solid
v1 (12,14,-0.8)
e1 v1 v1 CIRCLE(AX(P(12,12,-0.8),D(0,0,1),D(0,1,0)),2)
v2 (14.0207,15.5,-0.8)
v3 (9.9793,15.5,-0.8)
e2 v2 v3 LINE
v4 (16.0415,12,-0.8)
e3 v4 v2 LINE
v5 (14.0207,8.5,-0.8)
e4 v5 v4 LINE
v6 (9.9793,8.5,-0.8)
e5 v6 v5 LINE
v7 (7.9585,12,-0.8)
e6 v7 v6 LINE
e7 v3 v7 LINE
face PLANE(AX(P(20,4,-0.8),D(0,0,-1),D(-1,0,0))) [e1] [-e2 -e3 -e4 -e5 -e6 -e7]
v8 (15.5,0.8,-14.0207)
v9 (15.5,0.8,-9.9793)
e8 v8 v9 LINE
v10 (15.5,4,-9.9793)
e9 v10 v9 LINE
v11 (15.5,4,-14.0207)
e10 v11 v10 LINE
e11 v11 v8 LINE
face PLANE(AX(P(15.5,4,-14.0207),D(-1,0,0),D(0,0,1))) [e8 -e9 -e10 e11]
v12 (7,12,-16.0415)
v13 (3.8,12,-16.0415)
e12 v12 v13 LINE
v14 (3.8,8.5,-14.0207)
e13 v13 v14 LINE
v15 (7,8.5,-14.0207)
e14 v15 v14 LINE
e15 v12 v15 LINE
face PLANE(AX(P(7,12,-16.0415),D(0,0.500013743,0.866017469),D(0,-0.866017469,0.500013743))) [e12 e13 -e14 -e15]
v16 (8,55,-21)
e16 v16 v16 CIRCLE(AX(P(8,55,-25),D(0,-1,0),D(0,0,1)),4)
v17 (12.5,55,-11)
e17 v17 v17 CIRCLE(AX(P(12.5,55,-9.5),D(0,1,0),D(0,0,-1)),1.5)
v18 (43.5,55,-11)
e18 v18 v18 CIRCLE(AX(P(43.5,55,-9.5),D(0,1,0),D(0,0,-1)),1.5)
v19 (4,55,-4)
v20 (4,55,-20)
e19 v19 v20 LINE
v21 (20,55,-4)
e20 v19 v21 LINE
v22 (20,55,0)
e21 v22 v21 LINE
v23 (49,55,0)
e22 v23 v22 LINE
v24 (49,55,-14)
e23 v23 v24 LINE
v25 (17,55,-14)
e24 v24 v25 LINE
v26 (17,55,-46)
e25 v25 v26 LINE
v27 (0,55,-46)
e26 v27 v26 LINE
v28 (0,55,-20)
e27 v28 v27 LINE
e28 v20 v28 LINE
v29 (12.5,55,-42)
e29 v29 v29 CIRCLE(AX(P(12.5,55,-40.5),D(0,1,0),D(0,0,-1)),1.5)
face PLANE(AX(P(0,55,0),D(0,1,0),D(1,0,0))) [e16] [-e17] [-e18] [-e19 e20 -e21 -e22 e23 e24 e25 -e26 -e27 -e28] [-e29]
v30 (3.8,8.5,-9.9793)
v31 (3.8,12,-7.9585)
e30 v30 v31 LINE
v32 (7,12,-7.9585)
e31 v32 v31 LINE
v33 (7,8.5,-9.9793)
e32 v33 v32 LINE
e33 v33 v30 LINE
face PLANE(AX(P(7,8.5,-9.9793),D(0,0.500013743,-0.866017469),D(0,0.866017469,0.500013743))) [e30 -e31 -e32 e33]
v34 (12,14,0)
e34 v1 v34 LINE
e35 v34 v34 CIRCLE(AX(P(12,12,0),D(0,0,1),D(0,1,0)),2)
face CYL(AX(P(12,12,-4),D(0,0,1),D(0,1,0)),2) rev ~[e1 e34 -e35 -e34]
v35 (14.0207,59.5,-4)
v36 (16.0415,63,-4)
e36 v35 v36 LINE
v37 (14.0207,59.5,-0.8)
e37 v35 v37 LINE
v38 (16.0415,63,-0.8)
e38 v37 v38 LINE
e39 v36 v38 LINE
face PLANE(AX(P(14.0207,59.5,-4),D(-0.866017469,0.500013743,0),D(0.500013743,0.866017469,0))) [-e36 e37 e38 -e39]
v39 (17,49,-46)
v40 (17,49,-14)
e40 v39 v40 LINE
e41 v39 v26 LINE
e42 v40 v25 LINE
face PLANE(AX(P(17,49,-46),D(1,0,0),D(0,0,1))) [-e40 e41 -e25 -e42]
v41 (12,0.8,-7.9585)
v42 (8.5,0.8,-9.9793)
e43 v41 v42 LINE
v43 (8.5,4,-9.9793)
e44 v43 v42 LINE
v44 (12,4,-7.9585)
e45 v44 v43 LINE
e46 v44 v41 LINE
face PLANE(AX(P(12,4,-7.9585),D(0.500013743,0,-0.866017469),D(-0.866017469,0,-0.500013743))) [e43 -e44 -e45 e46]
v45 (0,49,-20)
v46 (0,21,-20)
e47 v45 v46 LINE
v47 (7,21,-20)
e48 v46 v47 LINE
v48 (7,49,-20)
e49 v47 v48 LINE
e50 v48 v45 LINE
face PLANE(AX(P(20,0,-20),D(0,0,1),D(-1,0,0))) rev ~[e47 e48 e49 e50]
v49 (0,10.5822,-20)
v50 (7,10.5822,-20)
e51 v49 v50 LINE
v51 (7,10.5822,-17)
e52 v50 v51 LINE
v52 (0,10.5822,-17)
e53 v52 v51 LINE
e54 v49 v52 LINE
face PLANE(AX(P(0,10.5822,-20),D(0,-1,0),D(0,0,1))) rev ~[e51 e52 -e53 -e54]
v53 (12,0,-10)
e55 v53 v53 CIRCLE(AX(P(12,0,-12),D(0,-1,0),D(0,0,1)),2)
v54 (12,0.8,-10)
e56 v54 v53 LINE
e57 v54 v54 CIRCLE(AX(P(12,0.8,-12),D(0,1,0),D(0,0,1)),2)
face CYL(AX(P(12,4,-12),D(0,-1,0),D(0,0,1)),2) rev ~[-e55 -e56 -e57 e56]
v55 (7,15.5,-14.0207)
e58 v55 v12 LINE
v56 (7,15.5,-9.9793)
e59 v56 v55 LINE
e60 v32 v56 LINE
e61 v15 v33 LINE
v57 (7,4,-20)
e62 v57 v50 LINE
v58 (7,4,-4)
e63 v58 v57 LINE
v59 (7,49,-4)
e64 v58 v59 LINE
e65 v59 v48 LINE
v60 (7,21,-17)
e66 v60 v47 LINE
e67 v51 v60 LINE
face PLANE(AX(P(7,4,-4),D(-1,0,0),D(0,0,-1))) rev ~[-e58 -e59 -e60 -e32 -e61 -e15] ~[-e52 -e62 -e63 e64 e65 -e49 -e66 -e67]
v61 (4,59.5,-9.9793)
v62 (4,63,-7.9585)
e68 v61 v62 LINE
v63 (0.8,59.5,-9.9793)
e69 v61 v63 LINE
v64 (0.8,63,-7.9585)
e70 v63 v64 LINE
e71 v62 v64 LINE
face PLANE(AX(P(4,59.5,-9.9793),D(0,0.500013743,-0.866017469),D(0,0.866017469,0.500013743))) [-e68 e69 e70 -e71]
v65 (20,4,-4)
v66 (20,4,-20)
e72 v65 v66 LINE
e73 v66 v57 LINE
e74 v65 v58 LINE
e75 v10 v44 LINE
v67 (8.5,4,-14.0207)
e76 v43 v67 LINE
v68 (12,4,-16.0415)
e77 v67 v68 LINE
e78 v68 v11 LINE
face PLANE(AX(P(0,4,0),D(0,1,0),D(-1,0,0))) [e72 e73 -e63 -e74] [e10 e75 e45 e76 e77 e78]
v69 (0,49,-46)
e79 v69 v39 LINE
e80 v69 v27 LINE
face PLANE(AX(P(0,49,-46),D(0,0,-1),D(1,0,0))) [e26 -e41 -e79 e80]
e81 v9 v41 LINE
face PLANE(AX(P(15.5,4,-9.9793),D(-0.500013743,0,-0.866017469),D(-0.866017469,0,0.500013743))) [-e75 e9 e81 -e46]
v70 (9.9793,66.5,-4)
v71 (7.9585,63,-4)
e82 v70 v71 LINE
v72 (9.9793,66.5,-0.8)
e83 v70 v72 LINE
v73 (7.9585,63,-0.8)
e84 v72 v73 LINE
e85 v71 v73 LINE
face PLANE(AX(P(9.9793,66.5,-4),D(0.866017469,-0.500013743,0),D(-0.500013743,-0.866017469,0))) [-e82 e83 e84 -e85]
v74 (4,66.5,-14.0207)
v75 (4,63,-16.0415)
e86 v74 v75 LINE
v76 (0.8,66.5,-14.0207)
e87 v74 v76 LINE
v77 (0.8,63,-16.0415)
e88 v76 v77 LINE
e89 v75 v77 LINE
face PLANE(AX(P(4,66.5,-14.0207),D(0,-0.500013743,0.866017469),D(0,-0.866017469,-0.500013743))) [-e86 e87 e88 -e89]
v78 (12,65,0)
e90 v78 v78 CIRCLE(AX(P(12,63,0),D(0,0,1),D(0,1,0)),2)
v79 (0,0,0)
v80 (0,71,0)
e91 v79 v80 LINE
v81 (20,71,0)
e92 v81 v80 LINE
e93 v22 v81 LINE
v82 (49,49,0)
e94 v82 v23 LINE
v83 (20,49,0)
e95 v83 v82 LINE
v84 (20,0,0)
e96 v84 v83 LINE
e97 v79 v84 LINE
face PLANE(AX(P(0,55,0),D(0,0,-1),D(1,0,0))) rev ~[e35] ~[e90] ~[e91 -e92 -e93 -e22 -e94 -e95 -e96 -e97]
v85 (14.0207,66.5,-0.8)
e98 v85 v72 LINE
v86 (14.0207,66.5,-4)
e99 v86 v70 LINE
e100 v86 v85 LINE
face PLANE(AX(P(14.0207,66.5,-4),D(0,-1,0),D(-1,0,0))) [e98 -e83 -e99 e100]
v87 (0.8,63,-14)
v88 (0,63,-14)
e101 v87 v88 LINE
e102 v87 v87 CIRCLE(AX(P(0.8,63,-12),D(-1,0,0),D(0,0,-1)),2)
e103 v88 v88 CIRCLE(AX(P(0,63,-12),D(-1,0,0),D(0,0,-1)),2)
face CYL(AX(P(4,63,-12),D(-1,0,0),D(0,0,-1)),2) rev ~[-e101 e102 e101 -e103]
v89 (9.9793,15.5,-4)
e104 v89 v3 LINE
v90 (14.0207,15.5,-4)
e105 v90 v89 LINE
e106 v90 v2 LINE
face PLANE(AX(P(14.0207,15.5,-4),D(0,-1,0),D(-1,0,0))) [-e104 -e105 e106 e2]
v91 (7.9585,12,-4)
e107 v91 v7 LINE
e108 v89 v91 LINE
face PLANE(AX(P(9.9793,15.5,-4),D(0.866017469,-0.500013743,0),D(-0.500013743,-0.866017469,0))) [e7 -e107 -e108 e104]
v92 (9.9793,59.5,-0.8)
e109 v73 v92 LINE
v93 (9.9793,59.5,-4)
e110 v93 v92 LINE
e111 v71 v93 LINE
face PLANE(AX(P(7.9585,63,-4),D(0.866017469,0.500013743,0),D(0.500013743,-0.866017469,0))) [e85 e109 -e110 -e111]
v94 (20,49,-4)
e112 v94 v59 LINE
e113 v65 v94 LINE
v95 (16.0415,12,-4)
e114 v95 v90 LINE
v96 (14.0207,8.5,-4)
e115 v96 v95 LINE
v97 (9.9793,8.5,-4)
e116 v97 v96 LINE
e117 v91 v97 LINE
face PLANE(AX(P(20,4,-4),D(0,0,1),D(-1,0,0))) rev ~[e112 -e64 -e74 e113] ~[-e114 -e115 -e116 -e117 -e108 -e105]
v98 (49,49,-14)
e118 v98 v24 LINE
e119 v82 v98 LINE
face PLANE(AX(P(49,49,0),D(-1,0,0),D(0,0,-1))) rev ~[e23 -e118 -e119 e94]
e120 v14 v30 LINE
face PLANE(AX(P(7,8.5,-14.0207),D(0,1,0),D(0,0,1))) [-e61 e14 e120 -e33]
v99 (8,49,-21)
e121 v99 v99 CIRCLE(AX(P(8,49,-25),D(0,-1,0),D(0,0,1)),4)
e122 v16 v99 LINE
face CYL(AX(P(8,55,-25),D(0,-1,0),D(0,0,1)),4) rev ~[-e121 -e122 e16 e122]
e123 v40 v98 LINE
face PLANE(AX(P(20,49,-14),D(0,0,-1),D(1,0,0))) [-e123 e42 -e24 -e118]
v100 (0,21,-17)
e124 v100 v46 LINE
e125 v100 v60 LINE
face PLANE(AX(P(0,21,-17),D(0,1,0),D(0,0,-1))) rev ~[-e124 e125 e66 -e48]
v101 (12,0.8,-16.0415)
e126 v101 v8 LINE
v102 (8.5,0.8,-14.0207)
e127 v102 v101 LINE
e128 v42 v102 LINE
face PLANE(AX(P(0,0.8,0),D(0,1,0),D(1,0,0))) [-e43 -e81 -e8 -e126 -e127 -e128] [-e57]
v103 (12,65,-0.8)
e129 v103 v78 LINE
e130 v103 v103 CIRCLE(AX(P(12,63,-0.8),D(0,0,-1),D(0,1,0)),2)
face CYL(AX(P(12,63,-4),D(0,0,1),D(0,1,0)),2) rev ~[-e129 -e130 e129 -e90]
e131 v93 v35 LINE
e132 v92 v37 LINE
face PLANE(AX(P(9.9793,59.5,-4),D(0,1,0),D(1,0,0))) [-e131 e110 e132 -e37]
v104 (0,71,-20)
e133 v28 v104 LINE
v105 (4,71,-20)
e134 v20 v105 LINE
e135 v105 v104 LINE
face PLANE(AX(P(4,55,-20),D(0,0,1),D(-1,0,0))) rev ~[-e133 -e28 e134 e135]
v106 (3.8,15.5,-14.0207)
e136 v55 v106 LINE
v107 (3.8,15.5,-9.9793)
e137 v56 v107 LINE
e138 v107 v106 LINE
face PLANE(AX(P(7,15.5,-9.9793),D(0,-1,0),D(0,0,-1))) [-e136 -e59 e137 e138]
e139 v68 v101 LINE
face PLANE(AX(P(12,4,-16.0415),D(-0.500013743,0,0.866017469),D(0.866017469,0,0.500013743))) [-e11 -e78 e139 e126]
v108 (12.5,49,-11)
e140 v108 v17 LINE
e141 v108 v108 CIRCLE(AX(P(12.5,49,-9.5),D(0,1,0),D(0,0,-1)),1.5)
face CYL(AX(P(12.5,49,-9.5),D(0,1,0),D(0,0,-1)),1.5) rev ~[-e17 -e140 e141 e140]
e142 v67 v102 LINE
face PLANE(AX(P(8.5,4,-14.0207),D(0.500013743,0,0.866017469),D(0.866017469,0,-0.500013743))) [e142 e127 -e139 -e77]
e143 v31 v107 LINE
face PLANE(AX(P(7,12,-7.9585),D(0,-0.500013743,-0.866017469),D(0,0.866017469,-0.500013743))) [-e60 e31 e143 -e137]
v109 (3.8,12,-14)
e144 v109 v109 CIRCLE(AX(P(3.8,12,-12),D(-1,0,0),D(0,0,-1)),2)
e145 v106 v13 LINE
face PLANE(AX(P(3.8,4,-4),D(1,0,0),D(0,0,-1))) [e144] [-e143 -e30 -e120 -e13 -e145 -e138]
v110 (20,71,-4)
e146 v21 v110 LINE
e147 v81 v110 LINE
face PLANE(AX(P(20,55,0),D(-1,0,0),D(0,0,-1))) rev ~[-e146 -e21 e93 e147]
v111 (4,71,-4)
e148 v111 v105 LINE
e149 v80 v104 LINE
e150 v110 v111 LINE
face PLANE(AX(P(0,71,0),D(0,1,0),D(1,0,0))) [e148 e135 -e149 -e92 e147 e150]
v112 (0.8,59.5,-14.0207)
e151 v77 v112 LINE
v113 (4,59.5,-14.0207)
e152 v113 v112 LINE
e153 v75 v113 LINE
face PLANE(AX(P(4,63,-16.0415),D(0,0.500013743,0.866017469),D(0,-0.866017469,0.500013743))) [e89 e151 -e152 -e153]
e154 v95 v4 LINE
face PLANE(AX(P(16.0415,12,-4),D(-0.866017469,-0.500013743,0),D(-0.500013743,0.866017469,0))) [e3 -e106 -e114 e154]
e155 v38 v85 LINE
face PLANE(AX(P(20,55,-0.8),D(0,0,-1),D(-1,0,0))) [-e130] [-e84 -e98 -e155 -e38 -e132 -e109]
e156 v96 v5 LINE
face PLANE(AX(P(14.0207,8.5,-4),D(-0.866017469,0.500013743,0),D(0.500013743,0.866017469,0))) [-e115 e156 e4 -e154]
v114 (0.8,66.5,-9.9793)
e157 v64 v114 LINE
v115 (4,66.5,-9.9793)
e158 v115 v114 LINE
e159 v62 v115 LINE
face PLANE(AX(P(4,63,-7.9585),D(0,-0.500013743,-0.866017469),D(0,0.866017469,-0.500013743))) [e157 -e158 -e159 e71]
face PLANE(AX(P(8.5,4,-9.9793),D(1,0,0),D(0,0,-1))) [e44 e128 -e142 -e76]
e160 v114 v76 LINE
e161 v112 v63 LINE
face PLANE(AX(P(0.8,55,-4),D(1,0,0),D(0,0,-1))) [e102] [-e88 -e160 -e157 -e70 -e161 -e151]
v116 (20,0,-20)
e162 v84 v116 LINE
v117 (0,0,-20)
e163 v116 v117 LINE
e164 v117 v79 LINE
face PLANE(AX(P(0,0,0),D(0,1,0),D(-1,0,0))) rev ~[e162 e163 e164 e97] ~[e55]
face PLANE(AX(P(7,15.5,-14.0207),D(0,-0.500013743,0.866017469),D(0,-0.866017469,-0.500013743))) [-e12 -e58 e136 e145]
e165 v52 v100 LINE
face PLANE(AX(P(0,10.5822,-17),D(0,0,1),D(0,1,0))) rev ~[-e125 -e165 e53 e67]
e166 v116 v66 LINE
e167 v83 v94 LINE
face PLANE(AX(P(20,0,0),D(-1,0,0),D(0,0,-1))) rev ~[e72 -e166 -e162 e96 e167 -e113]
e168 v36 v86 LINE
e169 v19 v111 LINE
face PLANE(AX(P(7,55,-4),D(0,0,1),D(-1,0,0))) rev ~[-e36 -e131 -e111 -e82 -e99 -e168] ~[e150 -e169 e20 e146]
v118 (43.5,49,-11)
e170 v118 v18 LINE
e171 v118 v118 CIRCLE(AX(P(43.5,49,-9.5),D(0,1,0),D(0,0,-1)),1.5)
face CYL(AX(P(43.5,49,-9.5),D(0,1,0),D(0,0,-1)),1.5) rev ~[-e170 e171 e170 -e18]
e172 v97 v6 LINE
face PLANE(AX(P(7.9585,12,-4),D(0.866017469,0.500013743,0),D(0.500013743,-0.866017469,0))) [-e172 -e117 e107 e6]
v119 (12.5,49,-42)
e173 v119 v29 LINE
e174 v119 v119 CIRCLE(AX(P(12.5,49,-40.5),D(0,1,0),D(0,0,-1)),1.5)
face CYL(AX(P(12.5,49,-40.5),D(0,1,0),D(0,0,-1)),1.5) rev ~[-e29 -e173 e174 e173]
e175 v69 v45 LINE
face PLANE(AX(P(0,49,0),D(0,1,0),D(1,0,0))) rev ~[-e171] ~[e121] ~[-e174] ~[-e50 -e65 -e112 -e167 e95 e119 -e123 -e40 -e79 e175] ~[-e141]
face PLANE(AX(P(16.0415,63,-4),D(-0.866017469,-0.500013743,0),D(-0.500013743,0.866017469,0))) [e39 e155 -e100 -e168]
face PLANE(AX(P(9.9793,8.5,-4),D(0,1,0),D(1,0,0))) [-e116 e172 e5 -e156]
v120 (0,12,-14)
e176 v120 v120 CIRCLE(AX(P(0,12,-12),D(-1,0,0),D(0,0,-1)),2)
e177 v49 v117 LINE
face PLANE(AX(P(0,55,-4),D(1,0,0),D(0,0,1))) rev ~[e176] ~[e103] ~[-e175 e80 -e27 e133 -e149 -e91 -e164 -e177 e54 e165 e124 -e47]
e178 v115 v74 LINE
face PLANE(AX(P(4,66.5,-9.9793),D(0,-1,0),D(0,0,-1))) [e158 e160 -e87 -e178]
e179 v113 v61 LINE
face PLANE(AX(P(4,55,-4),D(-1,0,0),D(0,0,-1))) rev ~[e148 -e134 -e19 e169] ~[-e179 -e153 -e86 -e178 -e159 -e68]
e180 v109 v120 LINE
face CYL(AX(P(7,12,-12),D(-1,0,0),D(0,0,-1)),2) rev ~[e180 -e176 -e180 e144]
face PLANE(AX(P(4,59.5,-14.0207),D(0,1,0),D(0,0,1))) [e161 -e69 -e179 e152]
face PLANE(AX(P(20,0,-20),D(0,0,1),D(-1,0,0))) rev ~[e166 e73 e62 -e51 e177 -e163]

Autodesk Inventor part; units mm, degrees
ref_plane "YZ Plane" through (0, 0, 0) normal (1, 0, 0) x (0, 1, 0)
ref_plane "XZ Plane" through (0, 0, 0) normal (0, 1, 0) x (-1, 0, 0)
ref_plane "XY Plane" through (0, 0, 0) normal (0, 0, 1) x (1, 0, 0)
sketch "Sketch1" plane through (0, 0, 0) normal (0, 1, 0) x (-1, 0, 0)
  line L0 (0, 0) -> (-20, 0)
  line L1 (-20, 0) -> (-20, -20)
  line L2 (-20, -20) -> (0, -20)
  line L3 (0, -20) -> (0, 0)
  dimension "d0" = 20
  dimension "d1" = 20
extrude "Extrusion1" add sketch "Sketch1" along normal blind 4
sketch "Sketch2" plane through (0, 4, 0) normal (0, 1, 0) x (1, 0, 0)
  line L0 (0, 0) -> (20, 0)
  line L1 (20, 0) -> (20, 4)
  line L2 (20, 4) -> (7, 4)
  line L3 (0, 4) -> (0, 0)
  line L4 (0, 0) -> (4, 0)
  line L5 (7, 20) -> (0, 20)
  line L6 (0, 20) -> (0, 0)
  line L7 (7, 4) -> (7, 20)
  line L8 (0, 0) -> (20, 0) projected
  line L9 (0, 0) -> (20, 0)
  line L10 (0, 20) -> (0, 0) projected
  line L11 (0, 0) -> (0, 20)
  dimension "d123" = 7
extrude "Extrusion2" add sketch "Sketch2" along normal blind 45
hole "Hole2" at (12, 12, -4) direction (0, 0, 1) diameter 4 end through all
hole "Hole3" at (7, 12, -12) direction (-1, 0, 0) diameter 4 end through all
hole "Hole4" at (12, 4, -12) direction (0, -1, 0) diameter 4 end through all
sketch "Sketch3" plane through (20, 4, -4) normal (0, 0, -1) x (-1, 0, 0)
  line L0 (12.0415, 8) -> (10.0207, 4.5)
  line L1 (10.0207, 4.5) -> (5.9793, 4.5)
  line L2 (5.9793, 4.5) -> (3.9585, 8)
  line L3 (3.9585, 8) -> (5.9793, 11.5)
  line L4 (5.9793, 11.5) -> (10.0207, 11.5)
  line L5 (10.0207, 11.5) -> (12.0415, 8)
  point P0 (20, -4)
  point P1 (8, 8)
  dimension "d51" = 7
sketch "Sketch4" plane through (7, 4, -4) normal (1, 0, 0) x (0, 0, -1)
  line L0 (12.0415, 8) -> (10.0207, 4.5)
  line L1 (10.0207, 4.5) -> (5.9793, 4.5)
  line L2 (5.9793, 4.5) -> (3.9585, 8)
  line L3 (3.9585, 8) -> (5.9793, 11.5)
  line L4 (5.9793, 11.5) -> (10.0207, 11.5)
  line L5 (10.0207, 11.5) -> (12.0415, 8)
  point P0 (-4, -4)
  point P1 (8, 8)
  dimension "d52" = 7
sketch "Sketch5" plane through (0, 4, 0) normal (0, 1, 0) x (1, 0, 0)
  circle A0 centre (12, 12) radius 2 projected
  line L0 (12, 7.9585) -> (8.5, 9.9793)
  line L1 (8.5, 9.9793) -> (8.5, 14.0207)
  line L2 (8.5, 14.0207) -> (12, 16.0415)
  line L3 (12, 16.0415) -> (15.5, 14.0207)
  line L4 (15.5, 14.0207) -> (15.5, 9.9793)
  line L5 (15.5, 9.9793) -> (12, 7.9585)
  point P0 (0, 0)
  dimension "d53" = 7
extrude "Extrusion3" cut sketch "Sketch3" against normal blind 3.2
extrude "Extrusion4" cut sketch "Sketch4" against normal blind 3.2
extrude "Extrusion5" cut sketch "Sketch5" against normal blind 3.2
sketch "Sketch6" plane through (0, 49, 0) normal (0, 1, 0) x (1, 0, 0)
  line L0 (0, 0) -> (20, 0) projected
  line L1 (0, 0) -> (0, 46)
  line L2 (0, 20) -> (0, 0) projected
  line L3 (0, 0) -> (49, 0)
  line L4 (49, 0) -> (49, 14)
  line L5 (0, 46) -> (17, 46)
  line L6 (17, 46) -> (17, 14)
  line L7 (17, 14) -> (49, 14)
  line L8 (20, 4) -> (7, 4) projected
  line L9 (7, 4) -> (7, 20) projected
  line L10 (20, 20) -> (7, 20) projected
  line L11 (20, 4) -> (20, 20) projected
  line L12 (43.5, 9.5) -> (12.5, 40.5) construction
  line L13 (12.5, 9.5) -> (28, 25) construction
  point P0 (8, 25)
  dimension "d62" = 17
  dimension "d65" = 42
  dimension "d66" = 42
  dimension "d68" = 5.5
  dimension "d69" = 5.5
  dimension "d70" = 31
  dimension "d71" = 31
  dimension "d72" = 14
  dimension "d121" = 8
  dimension "d122" = 25
extrude "Extrusion6" add sketch "Sketch6" along normal blind 6 contours L1 L5 L6 L10 L9 L8 L11 L7 L4 L3 L0 | L11 L8 L9 L10 L6 L7
hole "Hole5" at (12.5, 49, -9.5) at (12.5, 49, -40.5) at (43.5, 49, -9.5) direction (0, 1, 0) diameter 3 end through all
sketch "Sketch7" plane through (0, 55, 0) normal (0, 1, 0) x (1, 0, 0)
  line L0 (0, 0) -> (20, 0) projected
  line L1 (20, 4) -> (7, 4) projected
  line L2 (0, 0) -> (20, 0)
  line L3 (20, 0) -> (20, 4)
  line L4 (20, 4) -> (4, 4)
  line L5 (0, 4) -> (0, 0)
  line L6 (0, 0) -> (4, 0)
  line L7 (4, 20) -> (0, 20)
  line L8 (0, 20) -> (0, 0)
  line L9 (4, 4) -> (4, 20)
  dimension "d82" = 20
  dimension "d83" = 4
  dimension "d84" = 4
  dimension "d85" = 20
extrude "Extrusion7" add sketch "Sketch7" along normal blind 16
hole "Hole6" at (12, 63, -4) direction (0, 0, 1) diameter 4 end through all
hole "Hole7" at (4, 63, -12) direction (-1, 0, 0) diameter 4 end through all
sketch "Sketch8" plane through (4, 55, -4) normal (1, 0, 0) x (0, 0, -1)
  line L0 (3.9585, 8) -> (5.9793, 11.5)
  line L1 (5.9793, 11.5) -> (10.0207, 11.5)
  line L2 (10.0207, 11.5) -> (12.0415, 8)
  line L3 (12.0415, 8) -> (10.0207, 4.5)
  line L4 (10.0207, 4.5) -> (5.9793, 4.5)
  line L5 (5.9793, 4.5) -> (3.9585, 8)
  point P0 (-4, -55)
  point P1 (8, 8)
  dimension "d106" = 7
sketch "Sketch9" plane through (20, 55, -4) normal (0, 0, -1) x (-1, 0, 0)
  circle A0 centre (8, 8) radius 2 projected
  line L0 (3.9585, 8) -> (5.9793, 11.5)
  line L1 (5.9793, 11.5) -> (10.0207, 11.5)
  line L2 (10.0207, 11.5) -> (12.0415, 8)
  line L3 (12.0415, 8) -> (10.0207, 4.5)
  line L4 (10.0207, 4.5) -> (5.9793, 4.5)
  line L5 (5.9793, 4.5) -> (3.9585, 8)
  point P0 (20, -55)
  dimension "d107" = 7
extrude "Extrusion8" cut sketch "Sketch9" against normal blind 3.2
extrude "Extrusion9" cut sketch "Sketch8" against normal blind 3.2
hole "Hole8" at (8, 55, -25) direction (0, -1, 0) diameter 8 end through all
sketch "Sketch11" plane through (0, 0, -20) normal (-1, 0, 0) x (0, 0, 1)
  line L0 (0, 0) -> (0, 49) projected
  line L1 (0, 10.5822) -> (3, 10.5822)
  line L2 (3, 10.5822) -> (3, 21)
  line L3 (3, 21) -> (0, 21)
  line L4 (0, 21) -> (0, 10.5822)
  point P0 (20, 0)
extrude "Extrusion10" cut sketch "Sketch11" against normal blind 10
properties part number "MotorMountLeft" material "PLA Orange"
